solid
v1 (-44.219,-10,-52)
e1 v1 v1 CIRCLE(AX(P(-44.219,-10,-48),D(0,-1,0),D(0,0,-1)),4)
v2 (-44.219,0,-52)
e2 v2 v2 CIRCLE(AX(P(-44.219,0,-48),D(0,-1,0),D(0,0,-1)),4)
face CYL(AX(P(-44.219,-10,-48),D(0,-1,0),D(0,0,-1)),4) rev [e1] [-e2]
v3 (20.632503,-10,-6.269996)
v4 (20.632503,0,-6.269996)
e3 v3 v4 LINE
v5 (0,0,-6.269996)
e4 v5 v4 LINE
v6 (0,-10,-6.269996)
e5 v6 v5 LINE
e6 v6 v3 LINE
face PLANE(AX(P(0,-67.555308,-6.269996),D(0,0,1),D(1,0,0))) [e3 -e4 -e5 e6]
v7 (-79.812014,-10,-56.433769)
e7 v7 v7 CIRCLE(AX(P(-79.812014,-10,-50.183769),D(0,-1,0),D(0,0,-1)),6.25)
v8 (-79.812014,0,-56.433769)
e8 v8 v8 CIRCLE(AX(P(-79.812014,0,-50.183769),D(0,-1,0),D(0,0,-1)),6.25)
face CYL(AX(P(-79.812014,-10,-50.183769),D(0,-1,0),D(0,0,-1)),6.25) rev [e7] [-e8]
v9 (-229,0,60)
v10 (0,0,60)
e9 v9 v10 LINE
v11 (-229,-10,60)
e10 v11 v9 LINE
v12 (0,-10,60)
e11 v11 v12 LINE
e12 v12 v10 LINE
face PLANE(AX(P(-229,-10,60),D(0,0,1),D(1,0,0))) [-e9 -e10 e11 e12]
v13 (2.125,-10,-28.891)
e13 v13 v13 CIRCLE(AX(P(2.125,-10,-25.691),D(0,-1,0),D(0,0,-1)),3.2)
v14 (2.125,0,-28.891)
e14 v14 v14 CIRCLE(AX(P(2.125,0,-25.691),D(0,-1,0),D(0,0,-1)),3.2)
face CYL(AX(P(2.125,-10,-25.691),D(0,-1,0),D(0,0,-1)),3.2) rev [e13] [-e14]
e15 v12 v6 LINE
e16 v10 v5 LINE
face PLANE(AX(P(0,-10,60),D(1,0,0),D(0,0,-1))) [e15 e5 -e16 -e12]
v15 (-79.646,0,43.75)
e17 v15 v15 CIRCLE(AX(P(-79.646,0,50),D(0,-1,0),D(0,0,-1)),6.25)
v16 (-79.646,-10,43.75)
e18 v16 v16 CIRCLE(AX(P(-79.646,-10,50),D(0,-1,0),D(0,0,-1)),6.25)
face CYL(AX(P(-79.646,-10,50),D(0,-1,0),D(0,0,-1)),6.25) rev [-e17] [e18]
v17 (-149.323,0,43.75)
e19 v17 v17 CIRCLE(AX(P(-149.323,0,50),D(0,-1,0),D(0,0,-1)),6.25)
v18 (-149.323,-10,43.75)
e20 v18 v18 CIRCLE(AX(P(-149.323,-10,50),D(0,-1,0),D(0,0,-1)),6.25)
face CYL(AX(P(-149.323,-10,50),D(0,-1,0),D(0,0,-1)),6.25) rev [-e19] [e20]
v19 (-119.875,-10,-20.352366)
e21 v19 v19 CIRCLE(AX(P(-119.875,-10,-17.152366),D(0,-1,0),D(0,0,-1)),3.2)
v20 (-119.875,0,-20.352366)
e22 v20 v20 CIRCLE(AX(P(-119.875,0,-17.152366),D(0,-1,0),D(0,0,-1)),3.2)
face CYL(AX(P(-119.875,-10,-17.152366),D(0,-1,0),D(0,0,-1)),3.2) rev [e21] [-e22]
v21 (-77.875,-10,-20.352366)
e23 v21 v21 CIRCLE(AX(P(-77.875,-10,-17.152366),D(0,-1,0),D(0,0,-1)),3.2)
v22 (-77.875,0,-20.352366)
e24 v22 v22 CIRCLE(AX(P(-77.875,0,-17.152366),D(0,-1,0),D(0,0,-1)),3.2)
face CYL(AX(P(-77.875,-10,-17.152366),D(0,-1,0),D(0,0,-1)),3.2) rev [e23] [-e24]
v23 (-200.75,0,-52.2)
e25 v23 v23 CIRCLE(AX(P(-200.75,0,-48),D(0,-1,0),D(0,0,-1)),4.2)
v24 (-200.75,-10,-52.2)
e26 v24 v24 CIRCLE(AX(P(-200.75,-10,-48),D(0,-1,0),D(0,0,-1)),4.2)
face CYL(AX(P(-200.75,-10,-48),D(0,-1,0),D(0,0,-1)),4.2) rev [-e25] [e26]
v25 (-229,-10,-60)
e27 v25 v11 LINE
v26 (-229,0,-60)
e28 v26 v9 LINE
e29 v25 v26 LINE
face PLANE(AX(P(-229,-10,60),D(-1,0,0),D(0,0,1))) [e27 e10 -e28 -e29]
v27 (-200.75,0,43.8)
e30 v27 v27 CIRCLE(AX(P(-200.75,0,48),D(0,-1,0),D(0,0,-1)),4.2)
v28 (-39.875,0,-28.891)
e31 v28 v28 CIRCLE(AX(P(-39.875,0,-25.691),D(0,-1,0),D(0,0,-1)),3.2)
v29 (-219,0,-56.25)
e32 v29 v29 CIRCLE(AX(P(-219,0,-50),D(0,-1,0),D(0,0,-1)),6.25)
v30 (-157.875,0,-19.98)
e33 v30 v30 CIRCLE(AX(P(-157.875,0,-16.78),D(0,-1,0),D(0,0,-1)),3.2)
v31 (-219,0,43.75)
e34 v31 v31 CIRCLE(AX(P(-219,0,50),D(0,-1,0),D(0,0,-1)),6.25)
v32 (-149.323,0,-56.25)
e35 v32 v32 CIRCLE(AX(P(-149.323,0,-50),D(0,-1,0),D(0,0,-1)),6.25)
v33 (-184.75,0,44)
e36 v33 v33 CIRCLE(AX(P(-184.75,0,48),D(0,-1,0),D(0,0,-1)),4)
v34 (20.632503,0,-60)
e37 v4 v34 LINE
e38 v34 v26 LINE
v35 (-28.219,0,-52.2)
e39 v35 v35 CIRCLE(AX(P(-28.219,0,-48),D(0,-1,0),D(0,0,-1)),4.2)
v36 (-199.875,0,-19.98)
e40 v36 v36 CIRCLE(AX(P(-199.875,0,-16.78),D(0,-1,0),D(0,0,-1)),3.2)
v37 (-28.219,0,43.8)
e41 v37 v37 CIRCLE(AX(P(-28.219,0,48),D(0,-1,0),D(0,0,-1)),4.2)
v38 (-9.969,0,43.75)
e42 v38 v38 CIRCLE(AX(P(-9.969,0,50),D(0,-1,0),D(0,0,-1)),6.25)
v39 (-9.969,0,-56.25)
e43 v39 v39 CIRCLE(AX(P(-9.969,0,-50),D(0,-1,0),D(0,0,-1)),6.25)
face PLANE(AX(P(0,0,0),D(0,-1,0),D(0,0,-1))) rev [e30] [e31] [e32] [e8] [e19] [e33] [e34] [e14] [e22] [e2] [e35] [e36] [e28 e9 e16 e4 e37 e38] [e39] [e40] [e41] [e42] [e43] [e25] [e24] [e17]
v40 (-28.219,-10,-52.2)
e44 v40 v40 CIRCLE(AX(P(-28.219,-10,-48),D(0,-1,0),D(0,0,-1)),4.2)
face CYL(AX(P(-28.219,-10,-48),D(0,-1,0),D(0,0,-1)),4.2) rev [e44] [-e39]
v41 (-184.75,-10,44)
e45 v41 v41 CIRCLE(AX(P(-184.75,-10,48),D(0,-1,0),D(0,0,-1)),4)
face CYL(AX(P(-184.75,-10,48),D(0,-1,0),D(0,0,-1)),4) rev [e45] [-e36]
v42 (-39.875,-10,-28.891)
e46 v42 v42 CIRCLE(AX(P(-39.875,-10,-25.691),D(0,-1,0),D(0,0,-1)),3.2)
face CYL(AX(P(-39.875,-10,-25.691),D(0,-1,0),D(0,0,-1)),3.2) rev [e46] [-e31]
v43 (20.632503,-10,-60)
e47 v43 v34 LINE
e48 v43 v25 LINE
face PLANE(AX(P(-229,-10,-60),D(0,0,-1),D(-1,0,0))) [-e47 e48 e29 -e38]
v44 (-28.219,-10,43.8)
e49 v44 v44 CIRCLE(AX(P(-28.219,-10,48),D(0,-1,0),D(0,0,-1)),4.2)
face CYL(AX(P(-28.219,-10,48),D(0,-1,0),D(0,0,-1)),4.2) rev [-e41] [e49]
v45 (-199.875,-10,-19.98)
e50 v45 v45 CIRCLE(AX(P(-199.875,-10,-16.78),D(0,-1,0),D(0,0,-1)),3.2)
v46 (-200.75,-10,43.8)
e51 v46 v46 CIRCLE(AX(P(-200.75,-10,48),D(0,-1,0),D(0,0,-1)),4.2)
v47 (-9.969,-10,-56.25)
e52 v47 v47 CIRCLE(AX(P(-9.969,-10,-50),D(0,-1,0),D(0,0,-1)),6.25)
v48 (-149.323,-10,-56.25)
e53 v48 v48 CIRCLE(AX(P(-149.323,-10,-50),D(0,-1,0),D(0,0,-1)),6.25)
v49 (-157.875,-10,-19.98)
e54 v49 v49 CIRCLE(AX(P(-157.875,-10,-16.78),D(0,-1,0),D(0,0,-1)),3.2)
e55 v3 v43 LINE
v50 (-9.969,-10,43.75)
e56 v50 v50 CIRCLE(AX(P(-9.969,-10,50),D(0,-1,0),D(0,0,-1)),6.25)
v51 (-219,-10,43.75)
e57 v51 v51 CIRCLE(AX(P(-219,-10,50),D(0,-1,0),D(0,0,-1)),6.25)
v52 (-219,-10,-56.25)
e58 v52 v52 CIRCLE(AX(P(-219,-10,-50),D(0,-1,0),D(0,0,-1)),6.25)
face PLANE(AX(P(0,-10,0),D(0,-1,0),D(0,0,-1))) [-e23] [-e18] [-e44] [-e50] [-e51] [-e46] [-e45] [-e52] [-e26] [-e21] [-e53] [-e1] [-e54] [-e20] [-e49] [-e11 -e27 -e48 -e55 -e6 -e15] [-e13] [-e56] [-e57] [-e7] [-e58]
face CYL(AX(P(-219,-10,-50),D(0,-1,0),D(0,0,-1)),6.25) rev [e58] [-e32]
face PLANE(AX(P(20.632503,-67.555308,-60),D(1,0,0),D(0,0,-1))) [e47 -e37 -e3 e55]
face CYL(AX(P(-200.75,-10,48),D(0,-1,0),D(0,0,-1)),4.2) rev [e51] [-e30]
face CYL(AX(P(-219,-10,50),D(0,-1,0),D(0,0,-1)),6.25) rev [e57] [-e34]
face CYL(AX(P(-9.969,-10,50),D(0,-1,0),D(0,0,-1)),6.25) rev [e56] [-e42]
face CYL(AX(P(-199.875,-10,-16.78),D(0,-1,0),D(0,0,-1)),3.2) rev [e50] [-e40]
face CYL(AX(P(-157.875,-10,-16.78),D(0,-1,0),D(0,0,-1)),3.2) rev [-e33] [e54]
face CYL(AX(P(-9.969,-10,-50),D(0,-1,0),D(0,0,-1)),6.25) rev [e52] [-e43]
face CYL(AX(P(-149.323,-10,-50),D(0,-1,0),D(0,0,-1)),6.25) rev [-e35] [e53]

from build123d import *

# Parameters (mm, degrees)
SKETCH1_W                    = 229
SKETCH1_H                    = 120
BOSS_EXTRUDE1_DEPTH          = 10
SKETCH2_W                    = 20.632503002
SKETCH2_H                    = 53.730004003
BOSS_EXTRUDE2_DEPTH          = 10
F_12_5_12_5_DIAMETER_HOLE1_D = 12.5
M6_CLEARANCE_HOLE1_D         = 6.4
F_8_0MM_DOWEL_HOLE1_D        = 8
M8_CLEARANCE_HOLE1_D         = 8.4


with BuildPart() as part:
    # Sketch1 → Boss-Extrude1 (new body)
    with BuildSketch(Plane(origin=(0, 0, 0), x_dir=(1, 0, 0), z_dir=(0, 1, 0))):
        with Locations((-114.5, 0)):
            Rectangle(SKETCH1_W, SKETCH1_H)
    extrude(amount=-BOSS_EXTRUDE1_DEPTH)

    # Sketch2 → Boss-Extrude2 (add)
    with BuildSketch(Plane(origin=(0, 0, 0), x_dir=(1, 0, 0), z_dir=(0, 1, 0))):
        with Locations((10.316251501, 33.134997999)):
            Rectangle(SKETCH2_W, SKETCH2_H)
    extrude(amount=-BOSS_EXTRUDE2_DEPTH)

    # Ø12.5 (12.5) Diameter Hole1 (through all)
    with Locations(Plane(origin=(0, -10, 0), x_dir=(-1, 0, 0), z_dir=(0, -1, 0))):
        with Locations((9.969, 50), (79.812013925, 50.183768679), (149.323, 50), (219, 50), (219, -50), (149.323, -50), (79.646, -50), (9.969, -50)):
            Hole(F_12_5_12_5_DIAMETER_HOLE1_D / 2)

    # M6 Clearance Hole1 (through all)
    with Locations(Plane(origin=(0, -10, 0), x_dir=(-1, 0, 0), z_dir=(0, -1, 0))):
        with Locations((-2.125, 25.691000385), (39.875, 25.691000385), (77.875, 17.152366083), (119.875, 17.152366083), (157.875, 16.78), (199.875, 16.78)):
            Hole(M6_CLEARANCE_HOLE1_D / 2)

    # Ø8.0mm Dowel Hole1 (through all)
    with Locations(Plane(origin=(0, -10, 0), x_dir=(-1, 0, 0), z_dir=(0, -1, 0))):
        with Locations((184.75, -48), (44.219, 48)):
            Hole(F_8_0MM_DOWEL_HOLE1_D / 2)

    # M8 Clearance Hole1 (through all)
    with Locations(Plane(origin=(0, -10, 0), x_dir=(-1, 0, 0), z_dir=(0, -1, 0))):
        with Locations((28.219, 48), (200.75, 48), (200.75, -48), (28.219, -48)):
            Hole(M8_CLEARANCE_HOLE1_D / 2)


solid = part.part
